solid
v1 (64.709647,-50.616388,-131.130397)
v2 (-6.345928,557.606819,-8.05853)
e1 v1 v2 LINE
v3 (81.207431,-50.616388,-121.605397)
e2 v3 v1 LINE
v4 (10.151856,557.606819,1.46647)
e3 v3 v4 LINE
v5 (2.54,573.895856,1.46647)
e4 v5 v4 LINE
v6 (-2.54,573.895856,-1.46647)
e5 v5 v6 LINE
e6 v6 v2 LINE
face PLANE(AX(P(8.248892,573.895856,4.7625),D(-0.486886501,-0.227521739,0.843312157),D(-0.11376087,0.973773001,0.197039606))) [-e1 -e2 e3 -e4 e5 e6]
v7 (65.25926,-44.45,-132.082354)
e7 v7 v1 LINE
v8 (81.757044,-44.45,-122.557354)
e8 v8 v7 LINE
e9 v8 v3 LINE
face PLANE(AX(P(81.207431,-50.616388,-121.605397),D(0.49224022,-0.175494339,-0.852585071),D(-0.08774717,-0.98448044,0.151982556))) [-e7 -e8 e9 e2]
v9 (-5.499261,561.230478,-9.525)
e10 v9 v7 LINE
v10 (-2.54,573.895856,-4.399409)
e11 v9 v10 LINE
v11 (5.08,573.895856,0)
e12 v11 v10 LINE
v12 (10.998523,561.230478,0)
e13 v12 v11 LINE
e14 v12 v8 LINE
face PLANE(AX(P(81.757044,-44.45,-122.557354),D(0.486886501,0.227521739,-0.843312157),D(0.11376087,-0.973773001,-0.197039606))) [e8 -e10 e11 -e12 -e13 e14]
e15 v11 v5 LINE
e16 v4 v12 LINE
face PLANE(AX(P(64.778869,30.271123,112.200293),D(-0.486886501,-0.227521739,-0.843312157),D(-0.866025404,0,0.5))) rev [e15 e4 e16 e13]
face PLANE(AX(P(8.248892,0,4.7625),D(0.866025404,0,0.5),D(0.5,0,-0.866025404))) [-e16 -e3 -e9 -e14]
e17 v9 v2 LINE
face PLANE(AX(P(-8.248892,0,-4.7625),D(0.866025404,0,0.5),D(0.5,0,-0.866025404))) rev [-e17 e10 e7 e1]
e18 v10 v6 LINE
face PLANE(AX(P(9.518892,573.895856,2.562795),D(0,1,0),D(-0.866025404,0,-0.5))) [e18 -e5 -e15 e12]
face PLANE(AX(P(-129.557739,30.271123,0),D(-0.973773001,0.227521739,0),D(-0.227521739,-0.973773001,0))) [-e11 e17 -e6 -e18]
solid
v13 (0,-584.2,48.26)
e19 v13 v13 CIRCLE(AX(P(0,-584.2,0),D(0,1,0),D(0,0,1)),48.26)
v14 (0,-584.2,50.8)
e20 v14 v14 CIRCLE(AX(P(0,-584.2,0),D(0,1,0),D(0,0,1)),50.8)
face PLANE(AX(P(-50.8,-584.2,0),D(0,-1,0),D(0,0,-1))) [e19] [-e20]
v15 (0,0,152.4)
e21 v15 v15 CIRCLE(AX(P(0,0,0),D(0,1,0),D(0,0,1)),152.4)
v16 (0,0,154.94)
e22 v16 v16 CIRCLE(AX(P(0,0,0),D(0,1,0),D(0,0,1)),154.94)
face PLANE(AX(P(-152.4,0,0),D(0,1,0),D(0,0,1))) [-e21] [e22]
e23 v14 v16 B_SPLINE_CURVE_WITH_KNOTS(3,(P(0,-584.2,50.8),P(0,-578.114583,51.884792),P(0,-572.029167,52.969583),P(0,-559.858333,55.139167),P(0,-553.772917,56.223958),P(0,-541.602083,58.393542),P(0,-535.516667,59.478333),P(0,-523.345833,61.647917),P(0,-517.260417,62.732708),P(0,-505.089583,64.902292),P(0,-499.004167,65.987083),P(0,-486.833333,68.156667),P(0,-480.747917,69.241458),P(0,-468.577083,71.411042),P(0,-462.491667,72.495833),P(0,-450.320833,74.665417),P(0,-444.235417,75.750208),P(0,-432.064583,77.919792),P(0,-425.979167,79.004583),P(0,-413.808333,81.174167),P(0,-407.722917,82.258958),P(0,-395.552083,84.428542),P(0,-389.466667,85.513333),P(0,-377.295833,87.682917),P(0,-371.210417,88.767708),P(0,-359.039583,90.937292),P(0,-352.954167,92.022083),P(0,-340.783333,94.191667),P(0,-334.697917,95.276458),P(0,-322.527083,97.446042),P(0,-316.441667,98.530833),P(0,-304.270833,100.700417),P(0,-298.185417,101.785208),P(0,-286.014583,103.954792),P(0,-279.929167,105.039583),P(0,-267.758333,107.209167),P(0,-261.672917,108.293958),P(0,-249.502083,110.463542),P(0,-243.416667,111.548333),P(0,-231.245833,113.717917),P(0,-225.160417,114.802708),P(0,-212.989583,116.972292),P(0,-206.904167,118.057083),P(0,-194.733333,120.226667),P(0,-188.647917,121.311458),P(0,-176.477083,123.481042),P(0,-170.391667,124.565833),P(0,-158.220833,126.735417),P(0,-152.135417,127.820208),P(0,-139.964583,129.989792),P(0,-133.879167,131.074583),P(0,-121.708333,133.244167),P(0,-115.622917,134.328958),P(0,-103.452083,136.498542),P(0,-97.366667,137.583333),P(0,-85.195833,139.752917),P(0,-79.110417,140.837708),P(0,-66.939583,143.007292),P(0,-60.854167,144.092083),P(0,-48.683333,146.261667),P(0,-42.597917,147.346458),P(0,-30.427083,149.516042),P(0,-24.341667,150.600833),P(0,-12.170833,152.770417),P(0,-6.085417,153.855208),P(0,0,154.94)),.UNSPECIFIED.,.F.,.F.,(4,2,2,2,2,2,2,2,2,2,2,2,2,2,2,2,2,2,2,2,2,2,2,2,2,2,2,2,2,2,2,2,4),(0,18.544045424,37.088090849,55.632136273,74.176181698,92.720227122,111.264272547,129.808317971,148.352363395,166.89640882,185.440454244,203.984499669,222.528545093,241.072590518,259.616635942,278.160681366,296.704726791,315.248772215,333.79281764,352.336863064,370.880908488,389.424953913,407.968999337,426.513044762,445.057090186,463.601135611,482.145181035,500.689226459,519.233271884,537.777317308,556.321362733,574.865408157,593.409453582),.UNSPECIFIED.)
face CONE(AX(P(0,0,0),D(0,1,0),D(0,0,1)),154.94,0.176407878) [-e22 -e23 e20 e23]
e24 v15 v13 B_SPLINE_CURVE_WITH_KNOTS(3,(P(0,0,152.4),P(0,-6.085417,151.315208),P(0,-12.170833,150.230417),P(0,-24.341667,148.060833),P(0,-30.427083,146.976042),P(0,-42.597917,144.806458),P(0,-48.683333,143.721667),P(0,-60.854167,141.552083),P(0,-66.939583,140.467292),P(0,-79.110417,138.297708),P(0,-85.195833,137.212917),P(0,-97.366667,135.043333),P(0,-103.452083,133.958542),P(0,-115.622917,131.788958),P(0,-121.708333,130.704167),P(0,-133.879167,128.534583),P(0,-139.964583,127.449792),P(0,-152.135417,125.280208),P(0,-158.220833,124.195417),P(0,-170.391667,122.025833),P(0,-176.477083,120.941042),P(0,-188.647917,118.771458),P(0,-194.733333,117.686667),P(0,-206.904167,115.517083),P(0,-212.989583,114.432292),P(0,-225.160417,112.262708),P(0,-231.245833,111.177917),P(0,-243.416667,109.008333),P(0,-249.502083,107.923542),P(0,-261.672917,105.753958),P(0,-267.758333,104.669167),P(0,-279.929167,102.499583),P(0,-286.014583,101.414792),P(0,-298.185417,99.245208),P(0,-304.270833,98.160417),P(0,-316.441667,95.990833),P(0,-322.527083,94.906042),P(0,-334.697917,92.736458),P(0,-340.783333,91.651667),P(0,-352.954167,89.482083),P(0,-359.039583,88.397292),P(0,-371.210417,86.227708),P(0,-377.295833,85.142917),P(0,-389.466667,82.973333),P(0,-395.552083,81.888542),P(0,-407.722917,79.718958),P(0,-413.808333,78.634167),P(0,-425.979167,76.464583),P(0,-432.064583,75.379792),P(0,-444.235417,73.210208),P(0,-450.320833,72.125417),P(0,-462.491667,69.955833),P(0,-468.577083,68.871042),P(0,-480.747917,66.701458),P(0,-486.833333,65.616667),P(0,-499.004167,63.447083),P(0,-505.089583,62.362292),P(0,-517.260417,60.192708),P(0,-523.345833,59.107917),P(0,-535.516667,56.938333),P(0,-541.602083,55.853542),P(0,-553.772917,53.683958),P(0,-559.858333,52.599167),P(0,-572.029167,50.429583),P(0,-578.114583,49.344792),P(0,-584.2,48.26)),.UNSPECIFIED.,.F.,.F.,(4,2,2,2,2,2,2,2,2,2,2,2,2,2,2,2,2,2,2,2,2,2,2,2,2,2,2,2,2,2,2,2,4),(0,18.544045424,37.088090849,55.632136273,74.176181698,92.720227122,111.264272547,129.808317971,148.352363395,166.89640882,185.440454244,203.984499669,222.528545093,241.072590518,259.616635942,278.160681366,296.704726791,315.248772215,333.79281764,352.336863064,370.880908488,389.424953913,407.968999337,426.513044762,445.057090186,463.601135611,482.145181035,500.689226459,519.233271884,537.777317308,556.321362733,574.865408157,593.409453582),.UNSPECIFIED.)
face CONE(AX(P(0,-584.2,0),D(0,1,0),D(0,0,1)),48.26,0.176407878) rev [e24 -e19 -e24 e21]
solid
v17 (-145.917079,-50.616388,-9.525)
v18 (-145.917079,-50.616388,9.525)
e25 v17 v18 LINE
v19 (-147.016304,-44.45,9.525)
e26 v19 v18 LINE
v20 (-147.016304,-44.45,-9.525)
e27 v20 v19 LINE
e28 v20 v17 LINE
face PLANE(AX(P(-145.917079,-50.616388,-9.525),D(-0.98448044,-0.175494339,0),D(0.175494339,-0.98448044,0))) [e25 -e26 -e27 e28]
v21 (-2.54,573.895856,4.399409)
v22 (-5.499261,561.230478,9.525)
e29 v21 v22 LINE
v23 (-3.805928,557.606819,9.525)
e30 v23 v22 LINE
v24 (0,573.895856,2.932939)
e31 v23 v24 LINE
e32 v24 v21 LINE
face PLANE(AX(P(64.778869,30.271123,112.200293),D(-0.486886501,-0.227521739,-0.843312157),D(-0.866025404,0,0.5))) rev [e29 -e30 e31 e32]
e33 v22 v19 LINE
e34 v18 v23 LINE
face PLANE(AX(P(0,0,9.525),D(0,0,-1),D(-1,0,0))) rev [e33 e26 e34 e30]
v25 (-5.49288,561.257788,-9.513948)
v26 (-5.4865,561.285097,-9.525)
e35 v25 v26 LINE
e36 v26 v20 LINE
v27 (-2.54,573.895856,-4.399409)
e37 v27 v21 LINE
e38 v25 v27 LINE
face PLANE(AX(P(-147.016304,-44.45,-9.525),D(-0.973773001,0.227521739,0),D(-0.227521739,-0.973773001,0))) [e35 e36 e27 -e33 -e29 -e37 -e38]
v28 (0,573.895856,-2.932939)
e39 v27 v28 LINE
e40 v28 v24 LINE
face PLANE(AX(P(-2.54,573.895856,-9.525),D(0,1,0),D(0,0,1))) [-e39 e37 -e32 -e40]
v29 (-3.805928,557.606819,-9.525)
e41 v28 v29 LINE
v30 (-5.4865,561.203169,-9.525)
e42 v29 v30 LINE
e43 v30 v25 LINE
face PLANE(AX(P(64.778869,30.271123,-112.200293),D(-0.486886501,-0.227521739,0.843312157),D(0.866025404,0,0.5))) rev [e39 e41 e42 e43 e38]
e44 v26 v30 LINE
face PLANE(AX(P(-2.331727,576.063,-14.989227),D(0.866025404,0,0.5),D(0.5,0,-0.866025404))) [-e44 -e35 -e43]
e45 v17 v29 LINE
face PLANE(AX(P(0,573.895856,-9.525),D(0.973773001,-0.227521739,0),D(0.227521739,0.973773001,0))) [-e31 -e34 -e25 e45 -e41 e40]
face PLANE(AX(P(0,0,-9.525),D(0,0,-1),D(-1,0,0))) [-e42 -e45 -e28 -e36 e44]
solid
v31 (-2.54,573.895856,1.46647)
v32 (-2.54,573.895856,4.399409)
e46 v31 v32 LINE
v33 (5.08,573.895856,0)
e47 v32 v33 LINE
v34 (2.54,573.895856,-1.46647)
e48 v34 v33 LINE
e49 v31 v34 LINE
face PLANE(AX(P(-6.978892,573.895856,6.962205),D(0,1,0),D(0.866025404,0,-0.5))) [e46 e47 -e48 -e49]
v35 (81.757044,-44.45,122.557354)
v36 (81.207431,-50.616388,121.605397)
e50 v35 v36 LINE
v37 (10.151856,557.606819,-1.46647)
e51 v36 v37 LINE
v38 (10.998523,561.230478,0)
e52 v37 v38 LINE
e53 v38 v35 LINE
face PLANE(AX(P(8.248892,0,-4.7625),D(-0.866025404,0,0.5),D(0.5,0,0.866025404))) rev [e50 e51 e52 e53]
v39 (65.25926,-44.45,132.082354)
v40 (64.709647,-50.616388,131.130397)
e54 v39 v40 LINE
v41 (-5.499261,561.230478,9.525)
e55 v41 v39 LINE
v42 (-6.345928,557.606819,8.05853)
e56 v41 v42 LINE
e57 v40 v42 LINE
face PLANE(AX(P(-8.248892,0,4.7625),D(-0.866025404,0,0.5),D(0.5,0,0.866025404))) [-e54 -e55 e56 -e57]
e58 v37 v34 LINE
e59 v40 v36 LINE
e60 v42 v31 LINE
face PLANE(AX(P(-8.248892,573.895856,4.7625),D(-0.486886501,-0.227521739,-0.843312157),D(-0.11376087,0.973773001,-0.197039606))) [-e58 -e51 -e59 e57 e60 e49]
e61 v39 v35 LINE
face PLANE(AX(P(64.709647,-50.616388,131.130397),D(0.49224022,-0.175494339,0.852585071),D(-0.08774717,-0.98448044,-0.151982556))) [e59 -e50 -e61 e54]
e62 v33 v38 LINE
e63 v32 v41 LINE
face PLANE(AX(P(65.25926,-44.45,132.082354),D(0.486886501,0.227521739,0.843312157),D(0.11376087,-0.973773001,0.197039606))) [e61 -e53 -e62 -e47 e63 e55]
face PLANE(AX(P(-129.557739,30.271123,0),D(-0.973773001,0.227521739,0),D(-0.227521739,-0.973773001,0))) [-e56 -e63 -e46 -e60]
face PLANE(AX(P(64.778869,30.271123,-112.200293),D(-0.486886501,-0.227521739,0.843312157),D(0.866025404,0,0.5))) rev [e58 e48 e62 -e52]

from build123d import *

# Parameters (mm, degrees)
BOSS_EXTRUDE1_DEPTH      = 9.525
BOSS_EXTRUDE1_DEPTH_BACK = 9.525
CIRPATTERN2_COUNT        = 3
CUT_EXTRUDE2_DEPTH       = 9.525
CUT_EXTRUDE3_DEPTH       = 9.525
SKETCH5_W                = 19.16873437
SKETCH5_H                = 21.353350775
CUT_EXTRUDE4_DEPTH       = 9.525


with BuildPart() as part:
    # Sketch1 → Revolve1 (revolve)
    with BuildSketch(Plane.XY):
        Polygon((-152.4, 0), (-154.94, 0), (-50.8, -584.2), (-48.26, -584.2), align=None)
    revolve(axis=Axis((0, 0, 0), (0, -1, 0)))


with BuildPart() as body_2:
    # Sketch2 → Boss-Extrude1 (new, two sides: drawn at the far end of the back side and taken through both)
    with BuildSketch(Plane.XY.offset(-BOSS_EXTRUDE1_DEPTH_BACK)):
        Polygon((-147.016304348, -44.45), (-2.54, 573.895855878), (0, 573.895855878), (-145.917078747, -50.616387514), align=None)
    extrude(amount=BOSS_EXTRUDE1_DEPTH + BOSS_EXTRUDE1_DEPTH_BACK)


with BuildPart() as cirpattern2_1:
    # CirPattern2: pattern copy
    add(body_2.part.rotate(Axis((0, 0, 0), (0, 1, 0)), 1 * 360 / CIRPATTERN2_COUNT))


with BuildPart() as cirpattern2_2:
    # CirPattern2: pattern copy
    add(body_2.part.rotate(Axis((0, 0, 0), (0, 1, 0)), 2 * 360 / CIRPATTERN2_COUNT))


with BuildPart() as cut_extrude2_tool:
    # Sketch3 → Cut-Extrude2 (new body)
    with BuildSketch(Plane(origin=(64.778869389, 30.271122739, -112.200293038), x_dir=(-0.8734652456991303, 0.1268250384797258, -0.4700785829735003), z_dir=(0.4868865006916478, 0.22752173913043477, -0.8433121567173715))):
        Polygon((63.265227426, 554.751830163), (60.577854189, 534.293710414), (79.454635817, 531.814061338), (82.142009054, 552.272181087), align=None)
    extrude(amount=CUT_EXTRUDE2_DEPTH)


with BuildPart() as body_2_1:
    add(body_2.part)

    # Cut-Extrude2: cut by cut_extrude2_tool
    add(cut_extrude2_tool.part, mode=Mode.SUBTRACT)


with BuildPart() as cirpattern2_1_1:
    add(cirpattern2_1.part)

    # Cut-Extrude2: cut by cut_extrude2_tool
    add(cut_extrude2_tool.part, mode=Mode.SUBTRACT)


with BuildPart() as cut_extrude3_tool:
    # Sketch4 → Cut-Extrude3 (new body)
    with BuildSketch(Plane(origin=(64.778869389, 30.271122739, 112.200293038), x_dir=(0.8734652456991238, -0.12682503847972984, -0.4700785829735115), z_dir=(0.4868865006916596, 0.22752173913043477, 0.8433121567173646))):
        Polygon((-82.152966833, 552.270741676), (-79.695461902, 533.5625364), (-60.708482562, 536.056661019), (-63.165987493, 554.764866294), align=None)
    extrude(amount=CUT_EXTRUDE3_DEPTH)


with BuildPart() as body_2_2:
    add(body_2_1.part)

    # Cut-Extrude3: cut by cut_extrude3_tool
    add(cut_extrude3_tool.part, mode=Mode.SUBTRACT)


with BuildPart() as cirpattern2_2_1:
    add(cirpattern2_2.part)

    # Cut-Extrude3: cut by cut_extrude3_tool
    add(cut_extrude3_tool.part, mode=Mode.SUBTRACT)


with BuildPart() as cut_extrude4_tool:
    # Sketch5 → Cut-Extrude4 (new body)
    with BuildSketch(Plane(origin=(-129.557738777, 30.271122739, 0), x_dir=(0, 0, 1), z_dir=(-0.9737730013833114, 0.2275217391304348, 0))):
        with Locations((0.059367185, 549.115957065)):
            Rectangle(SKETCH5_W, SKETCH5_H)
    extrude(amount=CUT_EXTRUDE4_DEPTH)


with BuildPart() as cirpattern2_1_2:
    add(cirpattern2_1_1.part)

    # Cut-Extrude4: cut by cut_extrude4_tool
    add(cut_extrude4_tool.part, mode=Mode.SUBTRACT)


with BuildPart() as cirpattern2_2_2:
    add(cirpattern2_2_1.part)

    # Cut-Extrude4: cut by cut_extrude4_tool
    add(cut_extrude4_tool.part, mode=Mode.SUBTRACT)


solid = Compound([part.part, body_2_2.part, cirpattern2_1_2.part, cirpattern2_2_2.part])
